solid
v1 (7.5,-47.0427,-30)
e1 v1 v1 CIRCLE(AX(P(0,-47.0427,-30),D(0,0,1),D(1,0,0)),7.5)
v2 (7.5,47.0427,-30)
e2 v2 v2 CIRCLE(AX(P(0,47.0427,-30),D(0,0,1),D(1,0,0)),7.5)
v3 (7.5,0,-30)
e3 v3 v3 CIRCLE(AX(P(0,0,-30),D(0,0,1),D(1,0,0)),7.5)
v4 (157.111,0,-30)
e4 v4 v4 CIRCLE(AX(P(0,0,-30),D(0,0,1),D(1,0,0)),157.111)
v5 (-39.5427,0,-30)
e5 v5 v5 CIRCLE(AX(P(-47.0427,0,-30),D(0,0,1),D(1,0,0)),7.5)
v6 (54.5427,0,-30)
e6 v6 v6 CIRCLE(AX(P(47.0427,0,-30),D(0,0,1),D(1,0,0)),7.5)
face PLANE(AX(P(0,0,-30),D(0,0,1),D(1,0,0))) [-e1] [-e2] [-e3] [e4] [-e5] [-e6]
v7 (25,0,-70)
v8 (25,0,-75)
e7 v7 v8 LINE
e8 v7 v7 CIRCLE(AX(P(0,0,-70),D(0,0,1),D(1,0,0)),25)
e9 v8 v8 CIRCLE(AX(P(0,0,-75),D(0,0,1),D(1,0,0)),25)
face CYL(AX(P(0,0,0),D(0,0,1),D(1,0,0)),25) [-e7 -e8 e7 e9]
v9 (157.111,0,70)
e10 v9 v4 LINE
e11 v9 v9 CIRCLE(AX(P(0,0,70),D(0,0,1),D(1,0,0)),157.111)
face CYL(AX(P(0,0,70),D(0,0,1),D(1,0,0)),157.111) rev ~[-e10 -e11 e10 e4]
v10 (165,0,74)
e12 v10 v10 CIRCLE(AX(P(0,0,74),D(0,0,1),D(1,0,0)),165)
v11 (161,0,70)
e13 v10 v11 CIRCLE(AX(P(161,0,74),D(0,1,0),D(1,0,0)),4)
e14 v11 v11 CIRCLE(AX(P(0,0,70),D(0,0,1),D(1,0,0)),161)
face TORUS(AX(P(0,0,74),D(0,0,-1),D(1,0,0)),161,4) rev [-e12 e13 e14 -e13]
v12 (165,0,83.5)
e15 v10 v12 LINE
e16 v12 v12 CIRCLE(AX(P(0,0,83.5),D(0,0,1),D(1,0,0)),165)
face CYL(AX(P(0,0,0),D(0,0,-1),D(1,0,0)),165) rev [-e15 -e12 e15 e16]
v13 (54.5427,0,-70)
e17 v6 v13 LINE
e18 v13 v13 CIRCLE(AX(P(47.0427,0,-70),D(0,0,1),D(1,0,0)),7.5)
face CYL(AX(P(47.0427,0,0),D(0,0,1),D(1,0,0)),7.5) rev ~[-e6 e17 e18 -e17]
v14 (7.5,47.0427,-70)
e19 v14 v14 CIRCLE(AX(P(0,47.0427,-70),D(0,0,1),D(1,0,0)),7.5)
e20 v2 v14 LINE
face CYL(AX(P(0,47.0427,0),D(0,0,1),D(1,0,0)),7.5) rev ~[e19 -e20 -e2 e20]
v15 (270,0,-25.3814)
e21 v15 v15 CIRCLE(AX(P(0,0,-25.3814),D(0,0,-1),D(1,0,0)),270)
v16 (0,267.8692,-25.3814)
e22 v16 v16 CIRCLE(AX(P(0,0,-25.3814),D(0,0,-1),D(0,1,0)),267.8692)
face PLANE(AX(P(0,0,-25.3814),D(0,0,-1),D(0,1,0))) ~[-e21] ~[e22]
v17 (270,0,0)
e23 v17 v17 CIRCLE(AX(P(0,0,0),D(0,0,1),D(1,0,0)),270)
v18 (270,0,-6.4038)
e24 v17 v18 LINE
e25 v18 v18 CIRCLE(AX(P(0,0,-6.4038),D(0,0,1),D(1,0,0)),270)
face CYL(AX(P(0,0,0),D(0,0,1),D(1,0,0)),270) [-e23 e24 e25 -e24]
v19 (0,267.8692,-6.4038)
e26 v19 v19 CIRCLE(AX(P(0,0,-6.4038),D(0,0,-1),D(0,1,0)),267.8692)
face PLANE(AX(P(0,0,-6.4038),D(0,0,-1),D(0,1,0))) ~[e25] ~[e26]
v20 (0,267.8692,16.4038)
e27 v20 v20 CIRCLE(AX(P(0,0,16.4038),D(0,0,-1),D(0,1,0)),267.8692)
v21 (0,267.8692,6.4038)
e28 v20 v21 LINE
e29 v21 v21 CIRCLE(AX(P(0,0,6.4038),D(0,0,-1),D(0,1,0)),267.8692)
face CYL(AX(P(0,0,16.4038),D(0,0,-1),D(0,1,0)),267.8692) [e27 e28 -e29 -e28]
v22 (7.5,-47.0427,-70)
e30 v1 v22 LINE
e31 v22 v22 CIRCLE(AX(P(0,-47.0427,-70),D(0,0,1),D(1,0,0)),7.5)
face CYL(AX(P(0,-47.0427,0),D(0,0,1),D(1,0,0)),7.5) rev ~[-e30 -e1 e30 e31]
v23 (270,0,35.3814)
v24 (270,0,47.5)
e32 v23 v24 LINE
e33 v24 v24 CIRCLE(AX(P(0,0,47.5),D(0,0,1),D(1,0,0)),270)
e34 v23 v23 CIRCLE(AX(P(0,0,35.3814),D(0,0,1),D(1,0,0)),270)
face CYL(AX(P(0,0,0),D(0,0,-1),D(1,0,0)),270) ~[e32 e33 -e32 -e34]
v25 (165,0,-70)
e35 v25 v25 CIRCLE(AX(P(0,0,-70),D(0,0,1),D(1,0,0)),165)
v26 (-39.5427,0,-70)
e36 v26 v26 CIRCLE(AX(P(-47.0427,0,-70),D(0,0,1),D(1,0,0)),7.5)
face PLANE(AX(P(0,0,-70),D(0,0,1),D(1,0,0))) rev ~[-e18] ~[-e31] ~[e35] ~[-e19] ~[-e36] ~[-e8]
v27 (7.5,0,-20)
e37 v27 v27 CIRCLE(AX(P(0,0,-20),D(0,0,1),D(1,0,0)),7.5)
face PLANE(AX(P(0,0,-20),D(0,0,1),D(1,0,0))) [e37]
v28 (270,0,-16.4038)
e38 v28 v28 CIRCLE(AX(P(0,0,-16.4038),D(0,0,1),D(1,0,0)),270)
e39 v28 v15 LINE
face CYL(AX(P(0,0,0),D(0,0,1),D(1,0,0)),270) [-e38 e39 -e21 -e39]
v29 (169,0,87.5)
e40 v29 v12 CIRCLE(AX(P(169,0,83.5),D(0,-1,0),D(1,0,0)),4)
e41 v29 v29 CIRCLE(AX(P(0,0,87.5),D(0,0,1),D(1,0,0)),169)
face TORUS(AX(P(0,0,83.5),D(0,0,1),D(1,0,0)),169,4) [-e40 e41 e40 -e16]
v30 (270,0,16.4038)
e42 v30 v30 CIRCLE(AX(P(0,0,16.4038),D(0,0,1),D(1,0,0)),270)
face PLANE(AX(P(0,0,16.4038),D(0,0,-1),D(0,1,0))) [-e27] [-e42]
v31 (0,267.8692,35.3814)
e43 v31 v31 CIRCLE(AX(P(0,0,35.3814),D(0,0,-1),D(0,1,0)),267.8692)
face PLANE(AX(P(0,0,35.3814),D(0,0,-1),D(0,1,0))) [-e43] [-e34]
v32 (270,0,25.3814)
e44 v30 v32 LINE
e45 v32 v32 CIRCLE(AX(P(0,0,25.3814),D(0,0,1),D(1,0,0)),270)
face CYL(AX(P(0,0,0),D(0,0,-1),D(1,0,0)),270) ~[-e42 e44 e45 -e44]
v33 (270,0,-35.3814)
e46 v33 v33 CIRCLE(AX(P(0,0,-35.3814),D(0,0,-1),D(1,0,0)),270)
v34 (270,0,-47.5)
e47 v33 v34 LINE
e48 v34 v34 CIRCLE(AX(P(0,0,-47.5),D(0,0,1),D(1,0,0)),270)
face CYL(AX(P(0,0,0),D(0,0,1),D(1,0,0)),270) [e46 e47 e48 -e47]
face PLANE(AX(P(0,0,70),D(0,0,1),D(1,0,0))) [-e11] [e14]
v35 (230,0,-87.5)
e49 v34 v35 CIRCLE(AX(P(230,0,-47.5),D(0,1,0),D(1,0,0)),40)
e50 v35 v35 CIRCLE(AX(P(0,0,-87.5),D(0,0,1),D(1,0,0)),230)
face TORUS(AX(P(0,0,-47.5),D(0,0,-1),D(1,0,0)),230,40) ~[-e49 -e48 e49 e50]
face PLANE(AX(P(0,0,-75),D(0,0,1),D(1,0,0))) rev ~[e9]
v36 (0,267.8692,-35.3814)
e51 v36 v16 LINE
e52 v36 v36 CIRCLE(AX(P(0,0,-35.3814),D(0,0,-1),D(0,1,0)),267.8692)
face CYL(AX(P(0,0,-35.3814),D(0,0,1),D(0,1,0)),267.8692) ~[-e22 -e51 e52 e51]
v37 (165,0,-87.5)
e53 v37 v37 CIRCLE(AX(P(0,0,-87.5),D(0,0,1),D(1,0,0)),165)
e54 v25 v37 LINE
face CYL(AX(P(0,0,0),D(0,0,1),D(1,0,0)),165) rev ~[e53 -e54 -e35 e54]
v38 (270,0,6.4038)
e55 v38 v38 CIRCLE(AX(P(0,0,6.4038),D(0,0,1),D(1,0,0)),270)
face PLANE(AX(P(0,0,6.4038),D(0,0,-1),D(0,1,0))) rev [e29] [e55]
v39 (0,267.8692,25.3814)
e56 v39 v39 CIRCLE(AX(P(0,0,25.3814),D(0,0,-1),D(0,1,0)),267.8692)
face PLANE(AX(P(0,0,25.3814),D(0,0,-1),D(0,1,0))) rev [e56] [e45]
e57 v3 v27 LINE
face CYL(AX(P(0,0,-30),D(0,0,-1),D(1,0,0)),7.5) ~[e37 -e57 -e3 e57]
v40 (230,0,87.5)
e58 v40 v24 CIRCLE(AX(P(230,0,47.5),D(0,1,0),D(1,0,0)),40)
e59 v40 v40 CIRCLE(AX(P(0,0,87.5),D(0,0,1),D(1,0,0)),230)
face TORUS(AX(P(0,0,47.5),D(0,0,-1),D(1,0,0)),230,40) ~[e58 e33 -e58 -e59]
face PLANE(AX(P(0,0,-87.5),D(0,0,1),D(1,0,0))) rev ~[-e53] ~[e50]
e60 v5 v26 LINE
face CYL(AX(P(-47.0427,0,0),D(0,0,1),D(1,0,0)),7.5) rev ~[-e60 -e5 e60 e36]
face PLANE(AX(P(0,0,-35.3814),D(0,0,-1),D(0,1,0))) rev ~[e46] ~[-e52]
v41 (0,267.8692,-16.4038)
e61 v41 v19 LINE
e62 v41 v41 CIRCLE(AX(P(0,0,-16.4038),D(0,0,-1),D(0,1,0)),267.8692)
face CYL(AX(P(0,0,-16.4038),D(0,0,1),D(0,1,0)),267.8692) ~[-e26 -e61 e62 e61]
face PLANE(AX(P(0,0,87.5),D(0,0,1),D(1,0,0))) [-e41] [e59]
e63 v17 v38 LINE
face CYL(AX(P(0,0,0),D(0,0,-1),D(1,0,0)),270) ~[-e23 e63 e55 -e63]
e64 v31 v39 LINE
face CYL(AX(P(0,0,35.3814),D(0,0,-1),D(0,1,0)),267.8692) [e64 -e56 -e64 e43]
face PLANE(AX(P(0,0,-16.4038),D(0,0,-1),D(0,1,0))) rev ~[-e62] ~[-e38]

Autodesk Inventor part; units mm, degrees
ref_plane "YZ Plane" through (0, 0, 0) normal (1, 0, 0) x (0, 1, 0)
ref_plane "XZ Plane" through (0, 0, 0) normal (0, 1, 0) x (-1, 0, 0)
ref_plane "XY Plane" through (0, 0, 0) normal (0, 0, 1) x (1, 0, 0)
sketch "스케치1" plane through (0, 0, 0) normal (0, 0, 1) x (1, 0, 0)
  circle A0 centre (0, 0) radius 270
  circle A1 centre (0, 0) radius 165
  dimension "d0" = 540
  dimension "d1" = 330
extrude "돌출1" add sketch "스케치1" along normal mid plane 175
extrude "돌출2" add sketch "스케치1" along normal mid plane 140 contours A1
fillet "모깎기1" radius 4 2 edges at (-165, 0, 87.5) (-165, 0, 70)
fillet "모깎기2" radius 40 2 edges at (-270, 0, 87.5) (-270, 0, -87.5)
sketch "스케치2" plane through (0, 0, 0) normal (0, 0, 1) x (1, 0, 0)
  circle A0 centre (0, 0) radius 25
  circle A1 centre (0, 47.0427) radius 7.5
  circle A2 centre (-47.0427, 0) radius 7.5
  circle A3 centre (0, -47.0427) radius 7.5
  circle A4 centre (47.0427, 0) radius 7.5
  dimension "d8" = 50
  dimension "d9" = 15
  dimension "d12" = 360
extrude "돌출3" add sketch "스케치2" along normal mid plane 150 contours A0
extrude "돌출4" cut sketch "스케치2" along normal mid plane 150 contours A1 | A2 | A3 | A4
sketch "스케치4" plane through (0, 0, 0) normal (1, 0, 0) x (0, 1, 0)
  line L0 (270, -47.5) -> (270, 47.5) projected
  line L1 (270, 35.3814) -> (267.8692, 35.3814)
  line L2 (267.8692, 35.3814) -> (267.8692, 25.3814)
  line L3 (267.8692, 25.3814) -> (270, 25.3814)
  line L4 (270, 16.4038) -> (267.8692, 16.4038)
  line L5 (267.8692, 16.4038) -> (267.8692, 6.4038)
  line L6 (267.8692, 6.4038) -> (270, 6.4038)
  line L7 (280.9878, 0) -> (263.4352, 0)
  line L8 (270, -35.3814) -> (267.8692, -35.3814)
  line L9 (267.8692, -35.3814) -> (267.8692, -25.3814)
  line L10 (267.8692, -25.3814) -> (270, -25.3814)
  line L11 (267.8692, -6.4038) -> (270, -6.4038)
  line L12 (267.8692, -16.4038) -> (267.8692, -6.4038)
  line L13 (270, -16.4038) -> (267.8692, -16.4038)
  line L14 (0, 108.3744) -> (0, -123.7727) construction
  point P0 (0, 0)
  dimension "d20" = 10
  dimension "d21" = 10
revolve "회전1" cut sketch "스케치4" angle 360 about axis through (0, 0, 108.3744) along (0, 0, -1)
sketch "스케치5" plane through (0, 0, 70) normal (0, 0, 1) x (1, 0, 0)
  circle A0 centre (0, 0) radius 157.111
extrude "돌출5" cut sketch "스케치5" along normal blind 50 and the other way blind 100
sketch "스케치8" plane through (0, 0, -30) normal (0, 0, 1) x (1, 0, 0)
  circle A0 centre (0, 0) radius 7.5
  dimension "d31" = 15
extrude "돌출6" add sketch "스케치8" along normal blind 10
properties part number "wheel" material "고무"
